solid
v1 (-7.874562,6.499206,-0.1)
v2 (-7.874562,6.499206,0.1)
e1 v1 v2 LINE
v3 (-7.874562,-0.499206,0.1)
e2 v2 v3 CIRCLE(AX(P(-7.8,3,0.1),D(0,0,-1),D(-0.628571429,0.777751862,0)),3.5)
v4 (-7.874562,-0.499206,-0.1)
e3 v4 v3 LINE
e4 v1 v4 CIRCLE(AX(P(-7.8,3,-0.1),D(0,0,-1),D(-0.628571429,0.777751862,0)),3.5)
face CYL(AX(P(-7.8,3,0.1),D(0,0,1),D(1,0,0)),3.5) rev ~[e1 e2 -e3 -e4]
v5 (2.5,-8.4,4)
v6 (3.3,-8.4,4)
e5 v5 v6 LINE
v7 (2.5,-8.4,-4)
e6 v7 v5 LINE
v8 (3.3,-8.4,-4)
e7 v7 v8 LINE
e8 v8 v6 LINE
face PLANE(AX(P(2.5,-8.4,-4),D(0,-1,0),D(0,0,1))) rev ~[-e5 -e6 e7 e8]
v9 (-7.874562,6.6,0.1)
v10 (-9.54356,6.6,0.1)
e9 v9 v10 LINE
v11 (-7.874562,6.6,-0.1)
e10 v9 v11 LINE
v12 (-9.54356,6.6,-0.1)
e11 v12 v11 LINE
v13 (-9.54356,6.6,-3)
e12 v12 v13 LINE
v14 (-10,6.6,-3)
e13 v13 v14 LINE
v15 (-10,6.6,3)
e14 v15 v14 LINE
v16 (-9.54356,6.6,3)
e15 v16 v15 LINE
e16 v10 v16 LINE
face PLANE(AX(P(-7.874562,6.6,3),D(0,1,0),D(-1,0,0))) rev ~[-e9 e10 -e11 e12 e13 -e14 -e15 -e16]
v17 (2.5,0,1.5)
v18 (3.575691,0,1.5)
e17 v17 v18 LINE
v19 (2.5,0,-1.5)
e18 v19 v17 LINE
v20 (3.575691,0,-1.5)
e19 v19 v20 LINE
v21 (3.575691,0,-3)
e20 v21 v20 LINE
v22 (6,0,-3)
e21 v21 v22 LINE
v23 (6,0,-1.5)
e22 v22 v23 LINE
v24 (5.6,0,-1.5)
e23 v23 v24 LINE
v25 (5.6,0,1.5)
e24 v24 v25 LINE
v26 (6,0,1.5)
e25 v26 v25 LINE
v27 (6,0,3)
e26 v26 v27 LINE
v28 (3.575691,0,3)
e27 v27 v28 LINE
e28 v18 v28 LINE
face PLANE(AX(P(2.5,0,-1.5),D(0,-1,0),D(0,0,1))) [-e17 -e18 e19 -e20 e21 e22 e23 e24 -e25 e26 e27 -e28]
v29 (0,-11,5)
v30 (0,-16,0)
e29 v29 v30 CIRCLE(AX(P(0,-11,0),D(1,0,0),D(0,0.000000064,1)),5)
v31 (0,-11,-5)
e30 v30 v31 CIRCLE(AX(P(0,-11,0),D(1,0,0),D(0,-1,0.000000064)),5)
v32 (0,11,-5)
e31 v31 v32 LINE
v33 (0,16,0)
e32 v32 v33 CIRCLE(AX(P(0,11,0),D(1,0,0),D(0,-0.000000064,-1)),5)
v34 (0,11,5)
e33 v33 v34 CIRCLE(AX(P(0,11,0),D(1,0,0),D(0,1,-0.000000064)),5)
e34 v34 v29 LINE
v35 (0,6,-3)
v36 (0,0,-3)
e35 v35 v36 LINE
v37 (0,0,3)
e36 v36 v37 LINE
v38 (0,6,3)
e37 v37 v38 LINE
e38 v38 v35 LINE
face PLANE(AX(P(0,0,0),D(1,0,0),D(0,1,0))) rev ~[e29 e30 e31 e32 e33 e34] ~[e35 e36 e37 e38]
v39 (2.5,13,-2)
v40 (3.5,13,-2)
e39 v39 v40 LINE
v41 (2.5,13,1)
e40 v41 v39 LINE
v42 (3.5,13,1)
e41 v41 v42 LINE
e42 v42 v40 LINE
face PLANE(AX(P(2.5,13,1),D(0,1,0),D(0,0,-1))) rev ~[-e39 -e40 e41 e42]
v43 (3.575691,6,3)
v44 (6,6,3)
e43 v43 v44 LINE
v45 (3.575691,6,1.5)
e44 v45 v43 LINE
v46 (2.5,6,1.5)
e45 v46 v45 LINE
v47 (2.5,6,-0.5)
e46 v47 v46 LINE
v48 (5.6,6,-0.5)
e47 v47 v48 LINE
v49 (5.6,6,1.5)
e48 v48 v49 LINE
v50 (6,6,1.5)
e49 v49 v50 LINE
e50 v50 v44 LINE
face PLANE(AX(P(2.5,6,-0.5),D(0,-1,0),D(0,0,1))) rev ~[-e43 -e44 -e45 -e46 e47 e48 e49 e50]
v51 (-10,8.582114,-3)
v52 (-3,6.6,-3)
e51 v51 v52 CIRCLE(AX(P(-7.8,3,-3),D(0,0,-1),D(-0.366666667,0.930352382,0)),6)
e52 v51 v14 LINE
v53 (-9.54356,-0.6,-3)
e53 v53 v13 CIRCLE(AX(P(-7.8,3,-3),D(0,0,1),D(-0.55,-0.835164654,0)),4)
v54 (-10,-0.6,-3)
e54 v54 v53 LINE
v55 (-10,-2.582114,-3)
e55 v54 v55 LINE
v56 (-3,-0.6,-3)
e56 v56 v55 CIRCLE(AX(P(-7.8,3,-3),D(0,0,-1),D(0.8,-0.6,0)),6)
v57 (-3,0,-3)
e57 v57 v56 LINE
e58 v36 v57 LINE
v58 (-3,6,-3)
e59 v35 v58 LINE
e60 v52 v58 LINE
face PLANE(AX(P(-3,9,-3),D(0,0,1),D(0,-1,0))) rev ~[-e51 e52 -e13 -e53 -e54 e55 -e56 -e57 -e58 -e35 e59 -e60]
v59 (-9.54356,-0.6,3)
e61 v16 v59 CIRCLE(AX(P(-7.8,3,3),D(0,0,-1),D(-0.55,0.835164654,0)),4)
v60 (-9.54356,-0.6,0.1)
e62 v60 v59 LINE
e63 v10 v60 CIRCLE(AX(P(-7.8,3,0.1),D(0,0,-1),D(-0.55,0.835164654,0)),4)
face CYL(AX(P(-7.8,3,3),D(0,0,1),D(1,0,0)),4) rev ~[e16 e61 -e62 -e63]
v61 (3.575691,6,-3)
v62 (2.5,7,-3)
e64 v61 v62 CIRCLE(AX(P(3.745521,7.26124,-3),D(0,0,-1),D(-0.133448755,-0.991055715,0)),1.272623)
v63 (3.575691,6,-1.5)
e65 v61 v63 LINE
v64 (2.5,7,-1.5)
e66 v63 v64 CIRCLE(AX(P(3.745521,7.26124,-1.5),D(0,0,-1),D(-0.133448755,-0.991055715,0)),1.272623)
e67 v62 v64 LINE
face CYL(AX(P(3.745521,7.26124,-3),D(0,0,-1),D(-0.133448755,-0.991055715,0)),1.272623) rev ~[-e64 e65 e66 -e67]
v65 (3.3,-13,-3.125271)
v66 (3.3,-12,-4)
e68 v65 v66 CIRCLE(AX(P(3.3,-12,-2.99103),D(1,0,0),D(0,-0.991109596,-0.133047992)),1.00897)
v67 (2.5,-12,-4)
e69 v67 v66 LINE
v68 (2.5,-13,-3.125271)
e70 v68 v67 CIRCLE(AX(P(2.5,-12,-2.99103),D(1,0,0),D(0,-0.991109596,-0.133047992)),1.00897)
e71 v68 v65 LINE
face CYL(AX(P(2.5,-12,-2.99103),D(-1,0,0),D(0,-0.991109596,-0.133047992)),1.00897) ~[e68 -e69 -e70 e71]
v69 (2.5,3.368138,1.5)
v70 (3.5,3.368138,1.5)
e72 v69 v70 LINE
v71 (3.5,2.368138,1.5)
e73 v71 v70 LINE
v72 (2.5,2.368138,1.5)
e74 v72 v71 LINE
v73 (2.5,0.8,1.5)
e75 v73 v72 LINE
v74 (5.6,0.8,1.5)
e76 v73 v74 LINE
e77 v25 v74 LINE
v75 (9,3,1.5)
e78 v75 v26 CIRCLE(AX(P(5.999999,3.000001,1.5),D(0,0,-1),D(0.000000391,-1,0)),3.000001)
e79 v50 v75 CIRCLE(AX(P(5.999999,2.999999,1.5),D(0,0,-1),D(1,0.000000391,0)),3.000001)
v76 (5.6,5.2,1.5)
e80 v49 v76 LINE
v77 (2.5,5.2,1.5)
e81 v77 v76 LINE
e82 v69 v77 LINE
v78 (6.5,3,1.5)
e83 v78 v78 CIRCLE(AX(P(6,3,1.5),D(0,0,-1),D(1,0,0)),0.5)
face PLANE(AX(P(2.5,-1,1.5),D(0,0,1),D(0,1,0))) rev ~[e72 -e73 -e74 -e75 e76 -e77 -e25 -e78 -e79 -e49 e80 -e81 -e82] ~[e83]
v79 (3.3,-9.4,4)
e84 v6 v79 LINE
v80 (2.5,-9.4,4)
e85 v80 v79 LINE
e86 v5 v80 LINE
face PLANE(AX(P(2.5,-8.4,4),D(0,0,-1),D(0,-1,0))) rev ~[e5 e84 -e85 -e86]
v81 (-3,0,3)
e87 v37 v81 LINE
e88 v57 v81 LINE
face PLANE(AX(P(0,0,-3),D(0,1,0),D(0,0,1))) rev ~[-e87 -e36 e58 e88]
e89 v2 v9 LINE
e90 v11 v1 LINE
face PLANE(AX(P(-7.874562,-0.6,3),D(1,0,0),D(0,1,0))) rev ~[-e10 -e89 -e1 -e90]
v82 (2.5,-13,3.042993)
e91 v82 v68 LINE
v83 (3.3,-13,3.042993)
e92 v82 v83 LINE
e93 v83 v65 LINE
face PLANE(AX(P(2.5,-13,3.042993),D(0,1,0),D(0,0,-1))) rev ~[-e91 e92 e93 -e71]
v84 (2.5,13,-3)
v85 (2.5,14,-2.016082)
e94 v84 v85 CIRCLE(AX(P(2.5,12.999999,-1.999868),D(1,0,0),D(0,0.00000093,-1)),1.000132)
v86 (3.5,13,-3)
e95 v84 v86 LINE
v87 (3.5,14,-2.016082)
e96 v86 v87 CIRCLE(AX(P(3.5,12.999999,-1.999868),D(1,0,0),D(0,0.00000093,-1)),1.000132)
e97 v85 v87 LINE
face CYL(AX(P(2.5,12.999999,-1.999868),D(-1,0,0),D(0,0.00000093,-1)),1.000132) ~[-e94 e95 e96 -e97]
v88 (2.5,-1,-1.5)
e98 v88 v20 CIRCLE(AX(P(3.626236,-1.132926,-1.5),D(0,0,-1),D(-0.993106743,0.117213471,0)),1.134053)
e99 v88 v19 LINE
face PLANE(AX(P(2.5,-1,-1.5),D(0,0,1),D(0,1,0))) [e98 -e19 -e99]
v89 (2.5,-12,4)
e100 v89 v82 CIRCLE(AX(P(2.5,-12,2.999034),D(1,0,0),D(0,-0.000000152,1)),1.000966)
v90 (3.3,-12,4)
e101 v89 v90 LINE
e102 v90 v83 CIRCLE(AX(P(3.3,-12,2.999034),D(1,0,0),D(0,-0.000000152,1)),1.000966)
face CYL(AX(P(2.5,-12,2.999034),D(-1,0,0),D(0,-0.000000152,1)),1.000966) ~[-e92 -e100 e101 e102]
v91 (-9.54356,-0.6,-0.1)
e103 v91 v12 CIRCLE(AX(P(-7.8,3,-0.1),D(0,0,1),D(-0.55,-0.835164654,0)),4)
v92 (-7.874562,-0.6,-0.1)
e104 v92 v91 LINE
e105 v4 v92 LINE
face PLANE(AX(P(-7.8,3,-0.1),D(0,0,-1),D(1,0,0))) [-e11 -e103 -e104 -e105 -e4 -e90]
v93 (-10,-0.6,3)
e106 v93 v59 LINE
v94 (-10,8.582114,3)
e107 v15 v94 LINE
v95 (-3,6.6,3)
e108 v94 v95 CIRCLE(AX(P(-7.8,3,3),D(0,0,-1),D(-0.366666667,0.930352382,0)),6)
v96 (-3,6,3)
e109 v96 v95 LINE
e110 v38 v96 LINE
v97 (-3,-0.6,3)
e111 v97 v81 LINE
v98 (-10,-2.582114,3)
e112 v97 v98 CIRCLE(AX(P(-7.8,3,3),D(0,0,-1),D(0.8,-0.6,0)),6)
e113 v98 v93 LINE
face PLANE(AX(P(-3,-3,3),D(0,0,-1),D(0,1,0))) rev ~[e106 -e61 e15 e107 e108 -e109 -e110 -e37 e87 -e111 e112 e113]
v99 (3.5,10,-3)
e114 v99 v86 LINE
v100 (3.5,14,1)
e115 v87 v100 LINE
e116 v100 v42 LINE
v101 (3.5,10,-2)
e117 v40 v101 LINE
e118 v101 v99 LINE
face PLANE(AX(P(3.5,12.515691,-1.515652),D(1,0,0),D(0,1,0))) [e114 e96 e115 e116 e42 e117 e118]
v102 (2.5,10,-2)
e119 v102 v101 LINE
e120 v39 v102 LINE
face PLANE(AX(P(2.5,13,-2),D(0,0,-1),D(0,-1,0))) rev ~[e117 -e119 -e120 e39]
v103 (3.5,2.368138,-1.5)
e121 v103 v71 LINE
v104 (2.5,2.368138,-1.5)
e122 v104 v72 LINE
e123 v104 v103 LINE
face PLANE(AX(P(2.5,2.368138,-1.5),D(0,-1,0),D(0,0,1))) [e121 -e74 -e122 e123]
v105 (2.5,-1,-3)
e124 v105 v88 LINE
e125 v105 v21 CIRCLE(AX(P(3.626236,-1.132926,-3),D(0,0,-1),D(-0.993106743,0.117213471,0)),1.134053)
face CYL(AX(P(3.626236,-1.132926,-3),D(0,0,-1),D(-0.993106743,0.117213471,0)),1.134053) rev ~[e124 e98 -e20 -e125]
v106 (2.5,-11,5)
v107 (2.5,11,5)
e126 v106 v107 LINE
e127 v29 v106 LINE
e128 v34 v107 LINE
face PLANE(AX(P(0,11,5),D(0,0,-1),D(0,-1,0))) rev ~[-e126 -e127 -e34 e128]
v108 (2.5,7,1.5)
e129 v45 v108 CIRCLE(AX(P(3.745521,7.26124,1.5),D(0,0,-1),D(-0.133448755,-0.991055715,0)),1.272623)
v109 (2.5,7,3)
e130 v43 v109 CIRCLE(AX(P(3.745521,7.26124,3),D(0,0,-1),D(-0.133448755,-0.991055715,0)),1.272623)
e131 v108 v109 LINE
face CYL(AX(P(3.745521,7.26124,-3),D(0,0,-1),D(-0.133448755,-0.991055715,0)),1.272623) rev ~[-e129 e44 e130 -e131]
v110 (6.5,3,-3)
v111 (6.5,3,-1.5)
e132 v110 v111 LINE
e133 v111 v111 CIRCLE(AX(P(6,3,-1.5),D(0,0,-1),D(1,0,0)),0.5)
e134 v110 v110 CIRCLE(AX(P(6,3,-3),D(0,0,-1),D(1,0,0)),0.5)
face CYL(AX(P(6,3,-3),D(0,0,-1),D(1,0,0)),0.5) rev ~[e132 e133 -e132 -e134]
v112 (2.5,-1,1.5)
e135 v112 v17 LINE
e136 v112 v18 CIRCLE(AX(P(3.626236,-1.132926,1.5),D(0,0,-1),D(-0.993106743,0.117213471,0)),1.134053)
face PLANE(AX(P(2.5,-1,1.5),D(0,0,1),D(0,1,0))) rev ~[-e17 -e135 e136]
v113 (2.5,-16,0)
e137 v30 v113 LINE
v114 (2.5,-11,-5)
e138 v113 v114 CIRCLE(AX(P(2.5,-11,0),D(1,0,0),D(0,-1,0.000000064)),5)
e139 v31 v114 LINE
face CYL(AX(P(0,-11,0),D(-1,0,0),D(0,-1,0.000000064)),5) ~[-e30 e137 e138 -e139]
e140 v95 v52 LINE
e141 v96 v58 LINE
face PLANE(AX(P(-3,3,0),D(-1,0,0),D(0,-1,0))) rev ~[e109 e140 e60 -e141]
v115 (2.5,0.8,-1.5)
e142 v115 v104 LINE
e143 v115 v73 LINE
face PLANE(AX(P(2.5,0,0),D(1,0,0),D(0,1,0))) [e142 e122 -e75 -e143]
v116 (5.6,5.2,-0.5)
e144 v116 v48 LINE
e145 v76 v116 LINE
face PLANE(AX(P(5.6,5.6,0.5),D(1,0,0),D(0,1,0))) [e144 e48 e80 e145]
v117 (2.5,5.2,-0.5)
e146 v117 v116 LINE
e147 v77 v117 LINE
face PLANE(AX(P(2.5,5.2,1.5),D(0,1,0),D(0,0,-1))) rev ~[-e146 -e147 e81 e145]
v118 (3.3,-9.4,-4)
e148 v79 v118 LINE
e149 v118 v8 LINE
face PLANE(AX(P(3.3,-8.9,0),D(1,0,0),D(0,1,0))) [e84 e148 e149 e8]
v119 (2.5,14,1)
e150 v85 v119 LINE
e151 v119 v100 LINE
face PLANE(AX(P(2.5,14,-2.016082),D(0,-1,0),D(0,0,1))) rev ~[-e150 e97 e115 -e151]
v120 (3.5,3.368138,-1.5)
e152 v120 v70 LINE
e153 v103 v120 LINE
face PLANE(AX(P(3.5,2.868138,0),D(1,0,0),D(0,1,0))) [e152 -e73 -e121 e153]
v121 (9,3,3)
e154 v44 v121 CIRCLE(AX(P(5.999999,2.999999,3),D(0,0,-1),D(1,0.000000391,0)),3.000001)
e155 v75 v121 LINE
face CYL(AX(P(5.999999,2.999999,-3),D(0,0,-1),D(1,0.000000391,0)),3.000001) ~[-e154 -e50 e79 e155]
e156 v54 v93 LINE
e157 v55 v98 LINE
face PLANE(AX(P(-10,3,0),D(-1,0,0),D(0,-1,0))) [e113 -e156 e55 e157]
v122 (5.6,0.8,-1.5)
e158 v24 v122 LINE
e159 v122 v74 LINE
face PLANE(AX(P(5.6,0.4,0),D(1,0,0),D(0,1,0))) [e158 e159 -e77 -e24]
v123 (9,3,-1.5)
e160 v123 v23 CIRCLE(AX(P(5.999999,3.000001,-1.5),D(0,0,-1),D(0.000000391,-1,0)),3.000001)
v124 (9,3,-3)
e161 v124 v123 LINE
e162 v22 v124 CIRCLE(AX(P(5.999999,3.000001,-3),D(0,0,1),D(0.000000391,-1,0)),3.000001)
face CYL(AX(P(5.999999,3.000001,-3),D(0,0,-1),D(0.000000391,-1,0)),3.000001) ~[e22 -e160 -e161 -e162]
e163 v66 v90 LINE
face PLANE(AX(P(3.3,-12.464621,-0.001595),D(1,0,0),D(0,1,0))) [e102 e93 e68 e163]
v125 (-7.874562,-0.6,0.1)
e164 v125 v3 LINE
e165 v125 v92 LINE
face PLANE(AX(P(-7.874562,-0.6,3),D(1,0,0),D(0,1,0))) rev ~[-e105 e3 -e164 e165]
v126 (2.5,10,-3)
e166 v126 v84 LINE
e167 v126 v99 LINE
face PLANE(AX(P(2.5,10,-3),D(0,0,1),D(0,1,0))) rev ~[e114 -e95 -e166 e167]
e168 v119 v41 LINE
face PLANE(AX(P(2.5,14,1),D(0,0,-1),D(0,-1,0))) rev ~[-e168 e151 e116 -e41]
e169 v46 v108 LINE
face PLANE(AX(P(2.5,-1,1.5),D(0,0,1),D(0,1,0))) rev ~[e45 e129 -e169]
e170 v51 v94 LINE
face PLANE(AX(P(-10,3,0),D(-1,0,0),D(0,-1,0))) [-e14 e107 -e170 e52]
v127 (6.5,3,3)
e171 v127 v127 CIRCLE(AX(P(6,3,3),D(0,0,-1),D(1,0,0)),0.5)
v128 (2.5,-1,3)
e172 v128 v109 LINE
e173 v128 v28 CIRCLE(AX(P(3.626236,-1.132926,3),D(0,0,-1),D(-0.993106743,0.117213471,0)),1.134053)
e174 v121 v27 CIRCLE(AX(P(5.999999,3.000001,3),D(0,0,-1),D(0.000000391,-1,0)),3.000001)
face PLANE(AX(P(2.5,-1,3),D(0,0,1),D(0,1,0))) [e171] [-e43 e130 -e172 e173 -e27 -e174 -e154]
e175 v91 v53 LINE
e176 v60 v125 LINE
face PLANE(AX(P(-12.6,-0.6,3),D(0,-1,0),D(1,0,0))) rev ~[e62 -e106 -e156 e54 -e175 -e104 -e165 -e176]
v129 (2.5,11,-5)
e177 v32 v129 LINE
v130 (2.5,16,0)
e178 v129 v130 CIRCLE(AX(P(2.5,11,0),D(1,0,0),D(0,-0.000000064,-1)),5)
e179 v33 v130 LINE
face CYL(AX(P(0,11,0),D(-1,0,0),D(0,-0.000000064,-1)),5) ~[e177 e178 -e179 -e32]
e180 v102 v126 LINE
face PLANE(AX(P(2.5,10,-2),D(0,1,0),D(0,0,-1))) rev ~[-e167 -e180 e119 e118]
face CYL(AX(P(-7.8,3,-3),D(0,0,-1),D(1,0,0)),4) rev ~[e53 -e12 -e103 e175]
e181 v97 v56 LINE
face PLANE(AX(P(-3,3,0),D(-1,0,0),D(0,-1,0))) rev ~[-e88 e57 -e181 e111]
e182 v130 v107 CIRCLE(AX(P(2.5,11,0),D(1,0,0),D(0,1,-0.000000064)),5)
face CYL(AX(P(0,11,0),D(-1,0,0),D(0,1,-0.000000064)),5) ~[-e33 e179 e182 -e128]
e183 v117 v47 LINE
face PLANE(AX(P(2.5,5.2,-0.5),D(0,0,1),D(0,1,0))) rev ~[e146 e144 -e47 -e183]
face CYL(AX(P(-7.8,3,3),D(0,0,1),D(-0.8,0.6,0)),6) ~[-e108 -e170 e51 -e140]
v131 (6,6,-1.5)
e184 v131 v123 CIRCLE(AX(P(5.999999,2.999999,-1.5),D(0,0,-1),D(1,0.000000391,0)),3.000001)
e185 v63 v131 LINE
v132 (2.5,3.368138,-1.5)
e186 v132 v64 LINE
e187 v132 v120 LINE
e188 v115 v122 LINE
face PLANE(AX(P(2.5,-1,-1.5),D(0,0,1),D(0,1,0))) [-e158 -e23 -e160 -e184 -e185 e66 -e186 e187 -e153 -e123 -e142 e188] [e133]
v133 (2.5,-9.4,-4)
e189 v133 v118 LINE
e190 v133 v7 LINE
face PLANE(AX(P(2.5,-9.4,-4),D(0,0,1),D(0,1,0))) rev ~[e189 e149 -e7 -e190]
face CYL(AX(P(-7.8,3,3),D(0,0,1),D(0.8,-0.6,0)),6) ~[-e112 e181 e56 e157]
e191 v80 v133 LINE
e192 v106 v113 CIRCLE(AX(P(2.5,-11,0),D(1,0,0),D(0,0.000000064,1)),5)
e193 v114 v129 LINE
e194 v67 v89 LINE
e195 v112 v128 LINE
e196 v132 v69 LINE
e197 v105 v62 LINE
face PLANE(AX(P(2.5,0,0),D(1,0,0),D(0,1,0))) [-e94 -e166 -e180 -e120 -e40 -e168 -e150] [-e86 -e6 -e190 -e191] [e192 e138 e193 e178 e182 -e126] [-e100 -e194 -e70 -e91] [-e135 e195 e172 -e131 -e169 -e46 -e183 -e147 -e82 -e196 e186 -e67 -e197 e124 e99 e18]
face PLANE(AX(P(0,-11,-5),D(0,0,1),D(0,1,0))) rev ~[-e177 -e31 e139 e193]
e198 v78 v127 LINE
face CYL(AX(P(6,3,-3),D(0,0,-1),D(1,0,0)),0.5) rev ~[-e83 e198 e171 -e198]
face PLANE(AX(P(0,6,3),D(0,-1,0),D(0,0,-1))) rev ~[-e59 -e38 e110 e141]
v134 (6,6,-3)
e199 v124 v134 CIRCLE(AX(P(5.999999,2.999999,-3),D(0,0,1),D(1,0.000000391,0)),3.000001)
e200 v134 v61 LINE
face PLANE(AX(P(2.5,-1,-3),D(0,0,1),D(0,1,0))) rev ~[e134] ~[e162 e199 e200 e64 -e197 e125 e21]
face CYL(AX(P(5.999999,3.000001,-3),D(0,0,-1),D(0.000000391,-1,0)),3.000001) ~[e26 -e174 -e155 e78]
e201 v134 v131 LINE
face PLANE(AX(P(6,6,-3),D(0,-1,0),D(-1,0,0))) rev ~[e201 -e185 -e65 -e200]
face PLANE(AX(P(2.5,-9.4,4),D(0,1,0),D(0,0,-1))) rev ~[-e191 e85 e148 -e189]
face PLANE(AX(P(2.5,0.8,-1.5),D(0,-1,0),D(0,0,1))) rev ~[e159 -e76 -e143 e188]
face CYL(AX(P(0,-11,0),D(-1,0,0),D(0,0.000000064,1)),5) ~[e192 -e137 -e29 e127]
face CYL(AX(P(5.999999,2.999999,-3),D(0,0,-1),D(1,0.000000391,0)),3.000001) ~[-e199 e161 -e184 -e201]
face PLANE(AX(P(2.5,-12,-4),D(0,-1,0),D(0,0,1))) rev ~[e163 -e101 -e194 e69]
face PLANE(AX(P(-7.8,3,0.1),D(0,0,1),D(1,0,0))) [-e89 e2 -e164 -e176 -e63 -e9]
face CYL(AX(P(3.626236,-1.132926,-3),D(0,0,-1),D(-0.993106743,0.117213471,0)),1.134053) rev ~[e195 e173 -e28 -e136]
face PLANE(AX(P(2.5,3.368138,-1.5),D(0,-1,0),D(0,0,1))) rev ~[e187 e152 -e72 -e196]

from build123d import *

# Parameters (mm, degrees)
F1_DEPTH  = 2.5
F2_W      = 8
F2_H      = 1.5
F3_DEPTH  = 6.5
F4_R      = 0.5
F5_DEPTH  = 25
F6_W      = 0.8
F6_H      = 3
F7_DEPTH  = 3.1
F8_W      = 1
F8_H      = 3
F9_DEPTH  = 1
F11_DEPTH = 0.8
F13_DEPTH = 3
F15_DEPTH = 7
F16_R     = 4
F17_DEPTH = 2.9
F18_R     = 4
F19_DEPTH = 2.9
F20_R     = 3.5
F21_DEPTH = 25
F23_DEPTH = 25


with BuildPart() as f1:
    # F0 (on Right) → F1 (new body)
    with BuildSketch(Plane.YZ):
        with BuildLine():
            Line((11, 5), (-11, 5))
            ThreePointArc((-11, 5), (-14.535534, 3.535534), (-16, 0))
            ThreePointArc((-16, 0), (-14.535534, -3.535534), (-11, -5))
            Line((-11, -5), (11, -5))
            ThreePointArc((11, -5), (14.535534, -3.535534), (16, 0))
            ThreePointArc((16, 0), (14.535534, 3.535534), (11, 5))
        make_face()
    extrude(amount=F1_DEPTH)

    # F2 (on face) → F3 (join)
    with BuildSketch(Plane.YZ.offset(2.5)):
        with Locations((3, 2.25)):
            Rectangle(F2_W, F2_H)
        with Locations((3, -2.25)):
            Rectangle(F2_W, F2_H)
    extrude(amount=F3_DEPTH)

    # F4 (on face) → F5 (cut)
    with BuildSketch(Plane(origin=(0, 0, -3), x_dir=(1, 0, 0), z_dir=(0, 0, -1))):
        with BuildLine():
            Line((9, -6), (9, -3))
            ThreePointArc((9, -3), (8.12132, -5.12132), (6, -6))
            Line((6, -6), (3.575691, -6))
            ThreePointArc((3.575691, -6), (2.879031, -6.329165), (2.5, -7))
            Line((2.5, -7), (9, -7))
            Line((9, -7), (9, -6))
        make_face()
        with BuildLine():
            Line((9, 1), (2.5, 1))
            ThreePointArc((2.5, 1), (2.854094, 0.30234), (3.575691, 0))
            Line((3.575691, 0), (6, 0))
            ThreePointArc((6, 0), (8.12132, -0.87868), (9, -3))
            Line((9, -3), (9, 0))
            Line((9, 0), (9, 1))
        make_face()
        with Locations((6, -3)):
            Circle(F4_R)
    extrude(amount=-F5_DEPTH, mode=Mode.SUBTRACT)

    # F6 (on face) → F7 (join)
    with BuildSketch(Plane.YZ.offset(2.5)):
        with Locations((0.4, 0)):
            Rectangle(F6_W, F6_H)
        Polygon((5.2, 1.5), (5.2, 1.4), (5.2, -0.5), (6, -0.5), (6, 1.5), align=None)
    extrude(amount=F7_DEPTH)

    # F8 (on face) → F9 (join)
    with BuildSketch(Plane.YZ.offset(2.5)):
        with BuildLine():
            Line((13, -1.999869), (13, -2))
            Line((13, -2), (11, -2))
            Line((11, -2), (10, -2))
            Line((10, -2), (10, -3))
            Line((10, -3), (13, -3))
            ThreePointArc((13, -3), (13.701444, -2.712777), (14, -2.016082))
            Line((14, -2.016082), (14, 1))
            Line((14, 1), (13, 1))
            Line((13, 1), (13, 0))
            Line((13, 0), (13, -1.999869))
        make_face()
        with Locations((2.868138, 0)):
            Rectangle(F8_W, F8_H)
    extrude(amount=F9_DEPTH)

    # F10 (on face) → F11 (join)
    with BuildSketch(Plane.YZ.offset(2.5)):
        Polygon((-9.4, -4), (-8.9, -4), (-8.4, -4), (-8.4, 4), (-8.9, 4), (-9.4, 4), align=None)
        with BuildLine():
            Line((-12, -4), (-12, 0))
            Line((-12, 0), (-12, 4))
            ThreePointArc((-12, 4), (-12.692073, 3.722199), (-13, 3.042993))
            Line((-13, 3.042993), (-13, -3.125271))
            ThreePointArc((-13, -3.125271), (-12.664295, -3.750459), (-12, -4))
        make_face()
    extrude(amount=F11_DEPTH)

    # F12 (on face) → F13 (join)
    with BuildSketch(Plane(origin=(0, 0, 0), x_dir=(0, -1, 0), z_dir=(-1, 0, 0))):
        Polygon((-6, 3), (-6, 0), (-6, -3), (0, -3), (0, 3), align=None)
    extrude(amount=F13_DEPTH)

    # F14 (on face) → F15 (join)
    with BuildSketch(Plane(origin=(-3, 0, 0), x_dir=(0, -1, 0), z_dir=(-1, 0, 0))):
        Polygon((-9, -3), (-6, -3), (3, -3), (3, 3), (0, 3), (-9, 3), align=None)
    extrude(amount=F15_DEPTH)

    # F16 (on face) → F17 (cut)
    with BuildSketch(Plane(origin=(0, 0, -3), x_dir=(1, 0, 0), z_dir=(0, 0, -1))):
        with Locations((-7.8, -3)):
            Circle(F16_R)
    extrude(amount=-F17_DEPTH, mode=Mode.SUBTRACT)

    # F18 (on face) → F19 (cut)
    with BuildSketch(Plane.XY.offset(3)):
        with Locations((-7.8, 3)):
            Circle(F18_R)
    extrude(amount=-F19_DEPTH, mode=Mode.SUBTRACT)

    # F20 (on face) → F21 (cut)
    with BuildSketch(Plane.XY.offset(0.1)):
        with Locations((-7.8, 3)):
            Circle(F20_R)
    extrude(amount=-F21_DEPTH, mode=Mode.SUBTRACT)

    # F22 (on face) → F23 (cut)
    with BuildSketch(Plane.XY.offset(3)):
        with BuildLine():
            ThreePointArc((-12.6, 6.6), (-7.8, 9), (-3, 6.6))
            Line((-3, 6.6), (-3, 10.6))
            Line((-3, 10.6), (-18.027099, 10.6))
            Line((-18.027099, 10.6), (-18.027099, -4.6))
            Line((-18.027099, -4.6), (-3, -4.6))
            Line((-3, -4.6), (-3, -0.6))
            ThreePointArc((-3, -0.6), (-7.8, -3), (-12.6, -0.6))
            Line((-12.6, -0.6), (-7.874562, -0.6))
            Line((-7.874562, -0.6), (-7.874562, 6.6))
            Line((-7.874562, 6.6), (-12.6, 6.6))
        make_face()
    extrude(amount=-F23_DEPTH, mode=Mode.SUBTRACT)


solid = f1.part
